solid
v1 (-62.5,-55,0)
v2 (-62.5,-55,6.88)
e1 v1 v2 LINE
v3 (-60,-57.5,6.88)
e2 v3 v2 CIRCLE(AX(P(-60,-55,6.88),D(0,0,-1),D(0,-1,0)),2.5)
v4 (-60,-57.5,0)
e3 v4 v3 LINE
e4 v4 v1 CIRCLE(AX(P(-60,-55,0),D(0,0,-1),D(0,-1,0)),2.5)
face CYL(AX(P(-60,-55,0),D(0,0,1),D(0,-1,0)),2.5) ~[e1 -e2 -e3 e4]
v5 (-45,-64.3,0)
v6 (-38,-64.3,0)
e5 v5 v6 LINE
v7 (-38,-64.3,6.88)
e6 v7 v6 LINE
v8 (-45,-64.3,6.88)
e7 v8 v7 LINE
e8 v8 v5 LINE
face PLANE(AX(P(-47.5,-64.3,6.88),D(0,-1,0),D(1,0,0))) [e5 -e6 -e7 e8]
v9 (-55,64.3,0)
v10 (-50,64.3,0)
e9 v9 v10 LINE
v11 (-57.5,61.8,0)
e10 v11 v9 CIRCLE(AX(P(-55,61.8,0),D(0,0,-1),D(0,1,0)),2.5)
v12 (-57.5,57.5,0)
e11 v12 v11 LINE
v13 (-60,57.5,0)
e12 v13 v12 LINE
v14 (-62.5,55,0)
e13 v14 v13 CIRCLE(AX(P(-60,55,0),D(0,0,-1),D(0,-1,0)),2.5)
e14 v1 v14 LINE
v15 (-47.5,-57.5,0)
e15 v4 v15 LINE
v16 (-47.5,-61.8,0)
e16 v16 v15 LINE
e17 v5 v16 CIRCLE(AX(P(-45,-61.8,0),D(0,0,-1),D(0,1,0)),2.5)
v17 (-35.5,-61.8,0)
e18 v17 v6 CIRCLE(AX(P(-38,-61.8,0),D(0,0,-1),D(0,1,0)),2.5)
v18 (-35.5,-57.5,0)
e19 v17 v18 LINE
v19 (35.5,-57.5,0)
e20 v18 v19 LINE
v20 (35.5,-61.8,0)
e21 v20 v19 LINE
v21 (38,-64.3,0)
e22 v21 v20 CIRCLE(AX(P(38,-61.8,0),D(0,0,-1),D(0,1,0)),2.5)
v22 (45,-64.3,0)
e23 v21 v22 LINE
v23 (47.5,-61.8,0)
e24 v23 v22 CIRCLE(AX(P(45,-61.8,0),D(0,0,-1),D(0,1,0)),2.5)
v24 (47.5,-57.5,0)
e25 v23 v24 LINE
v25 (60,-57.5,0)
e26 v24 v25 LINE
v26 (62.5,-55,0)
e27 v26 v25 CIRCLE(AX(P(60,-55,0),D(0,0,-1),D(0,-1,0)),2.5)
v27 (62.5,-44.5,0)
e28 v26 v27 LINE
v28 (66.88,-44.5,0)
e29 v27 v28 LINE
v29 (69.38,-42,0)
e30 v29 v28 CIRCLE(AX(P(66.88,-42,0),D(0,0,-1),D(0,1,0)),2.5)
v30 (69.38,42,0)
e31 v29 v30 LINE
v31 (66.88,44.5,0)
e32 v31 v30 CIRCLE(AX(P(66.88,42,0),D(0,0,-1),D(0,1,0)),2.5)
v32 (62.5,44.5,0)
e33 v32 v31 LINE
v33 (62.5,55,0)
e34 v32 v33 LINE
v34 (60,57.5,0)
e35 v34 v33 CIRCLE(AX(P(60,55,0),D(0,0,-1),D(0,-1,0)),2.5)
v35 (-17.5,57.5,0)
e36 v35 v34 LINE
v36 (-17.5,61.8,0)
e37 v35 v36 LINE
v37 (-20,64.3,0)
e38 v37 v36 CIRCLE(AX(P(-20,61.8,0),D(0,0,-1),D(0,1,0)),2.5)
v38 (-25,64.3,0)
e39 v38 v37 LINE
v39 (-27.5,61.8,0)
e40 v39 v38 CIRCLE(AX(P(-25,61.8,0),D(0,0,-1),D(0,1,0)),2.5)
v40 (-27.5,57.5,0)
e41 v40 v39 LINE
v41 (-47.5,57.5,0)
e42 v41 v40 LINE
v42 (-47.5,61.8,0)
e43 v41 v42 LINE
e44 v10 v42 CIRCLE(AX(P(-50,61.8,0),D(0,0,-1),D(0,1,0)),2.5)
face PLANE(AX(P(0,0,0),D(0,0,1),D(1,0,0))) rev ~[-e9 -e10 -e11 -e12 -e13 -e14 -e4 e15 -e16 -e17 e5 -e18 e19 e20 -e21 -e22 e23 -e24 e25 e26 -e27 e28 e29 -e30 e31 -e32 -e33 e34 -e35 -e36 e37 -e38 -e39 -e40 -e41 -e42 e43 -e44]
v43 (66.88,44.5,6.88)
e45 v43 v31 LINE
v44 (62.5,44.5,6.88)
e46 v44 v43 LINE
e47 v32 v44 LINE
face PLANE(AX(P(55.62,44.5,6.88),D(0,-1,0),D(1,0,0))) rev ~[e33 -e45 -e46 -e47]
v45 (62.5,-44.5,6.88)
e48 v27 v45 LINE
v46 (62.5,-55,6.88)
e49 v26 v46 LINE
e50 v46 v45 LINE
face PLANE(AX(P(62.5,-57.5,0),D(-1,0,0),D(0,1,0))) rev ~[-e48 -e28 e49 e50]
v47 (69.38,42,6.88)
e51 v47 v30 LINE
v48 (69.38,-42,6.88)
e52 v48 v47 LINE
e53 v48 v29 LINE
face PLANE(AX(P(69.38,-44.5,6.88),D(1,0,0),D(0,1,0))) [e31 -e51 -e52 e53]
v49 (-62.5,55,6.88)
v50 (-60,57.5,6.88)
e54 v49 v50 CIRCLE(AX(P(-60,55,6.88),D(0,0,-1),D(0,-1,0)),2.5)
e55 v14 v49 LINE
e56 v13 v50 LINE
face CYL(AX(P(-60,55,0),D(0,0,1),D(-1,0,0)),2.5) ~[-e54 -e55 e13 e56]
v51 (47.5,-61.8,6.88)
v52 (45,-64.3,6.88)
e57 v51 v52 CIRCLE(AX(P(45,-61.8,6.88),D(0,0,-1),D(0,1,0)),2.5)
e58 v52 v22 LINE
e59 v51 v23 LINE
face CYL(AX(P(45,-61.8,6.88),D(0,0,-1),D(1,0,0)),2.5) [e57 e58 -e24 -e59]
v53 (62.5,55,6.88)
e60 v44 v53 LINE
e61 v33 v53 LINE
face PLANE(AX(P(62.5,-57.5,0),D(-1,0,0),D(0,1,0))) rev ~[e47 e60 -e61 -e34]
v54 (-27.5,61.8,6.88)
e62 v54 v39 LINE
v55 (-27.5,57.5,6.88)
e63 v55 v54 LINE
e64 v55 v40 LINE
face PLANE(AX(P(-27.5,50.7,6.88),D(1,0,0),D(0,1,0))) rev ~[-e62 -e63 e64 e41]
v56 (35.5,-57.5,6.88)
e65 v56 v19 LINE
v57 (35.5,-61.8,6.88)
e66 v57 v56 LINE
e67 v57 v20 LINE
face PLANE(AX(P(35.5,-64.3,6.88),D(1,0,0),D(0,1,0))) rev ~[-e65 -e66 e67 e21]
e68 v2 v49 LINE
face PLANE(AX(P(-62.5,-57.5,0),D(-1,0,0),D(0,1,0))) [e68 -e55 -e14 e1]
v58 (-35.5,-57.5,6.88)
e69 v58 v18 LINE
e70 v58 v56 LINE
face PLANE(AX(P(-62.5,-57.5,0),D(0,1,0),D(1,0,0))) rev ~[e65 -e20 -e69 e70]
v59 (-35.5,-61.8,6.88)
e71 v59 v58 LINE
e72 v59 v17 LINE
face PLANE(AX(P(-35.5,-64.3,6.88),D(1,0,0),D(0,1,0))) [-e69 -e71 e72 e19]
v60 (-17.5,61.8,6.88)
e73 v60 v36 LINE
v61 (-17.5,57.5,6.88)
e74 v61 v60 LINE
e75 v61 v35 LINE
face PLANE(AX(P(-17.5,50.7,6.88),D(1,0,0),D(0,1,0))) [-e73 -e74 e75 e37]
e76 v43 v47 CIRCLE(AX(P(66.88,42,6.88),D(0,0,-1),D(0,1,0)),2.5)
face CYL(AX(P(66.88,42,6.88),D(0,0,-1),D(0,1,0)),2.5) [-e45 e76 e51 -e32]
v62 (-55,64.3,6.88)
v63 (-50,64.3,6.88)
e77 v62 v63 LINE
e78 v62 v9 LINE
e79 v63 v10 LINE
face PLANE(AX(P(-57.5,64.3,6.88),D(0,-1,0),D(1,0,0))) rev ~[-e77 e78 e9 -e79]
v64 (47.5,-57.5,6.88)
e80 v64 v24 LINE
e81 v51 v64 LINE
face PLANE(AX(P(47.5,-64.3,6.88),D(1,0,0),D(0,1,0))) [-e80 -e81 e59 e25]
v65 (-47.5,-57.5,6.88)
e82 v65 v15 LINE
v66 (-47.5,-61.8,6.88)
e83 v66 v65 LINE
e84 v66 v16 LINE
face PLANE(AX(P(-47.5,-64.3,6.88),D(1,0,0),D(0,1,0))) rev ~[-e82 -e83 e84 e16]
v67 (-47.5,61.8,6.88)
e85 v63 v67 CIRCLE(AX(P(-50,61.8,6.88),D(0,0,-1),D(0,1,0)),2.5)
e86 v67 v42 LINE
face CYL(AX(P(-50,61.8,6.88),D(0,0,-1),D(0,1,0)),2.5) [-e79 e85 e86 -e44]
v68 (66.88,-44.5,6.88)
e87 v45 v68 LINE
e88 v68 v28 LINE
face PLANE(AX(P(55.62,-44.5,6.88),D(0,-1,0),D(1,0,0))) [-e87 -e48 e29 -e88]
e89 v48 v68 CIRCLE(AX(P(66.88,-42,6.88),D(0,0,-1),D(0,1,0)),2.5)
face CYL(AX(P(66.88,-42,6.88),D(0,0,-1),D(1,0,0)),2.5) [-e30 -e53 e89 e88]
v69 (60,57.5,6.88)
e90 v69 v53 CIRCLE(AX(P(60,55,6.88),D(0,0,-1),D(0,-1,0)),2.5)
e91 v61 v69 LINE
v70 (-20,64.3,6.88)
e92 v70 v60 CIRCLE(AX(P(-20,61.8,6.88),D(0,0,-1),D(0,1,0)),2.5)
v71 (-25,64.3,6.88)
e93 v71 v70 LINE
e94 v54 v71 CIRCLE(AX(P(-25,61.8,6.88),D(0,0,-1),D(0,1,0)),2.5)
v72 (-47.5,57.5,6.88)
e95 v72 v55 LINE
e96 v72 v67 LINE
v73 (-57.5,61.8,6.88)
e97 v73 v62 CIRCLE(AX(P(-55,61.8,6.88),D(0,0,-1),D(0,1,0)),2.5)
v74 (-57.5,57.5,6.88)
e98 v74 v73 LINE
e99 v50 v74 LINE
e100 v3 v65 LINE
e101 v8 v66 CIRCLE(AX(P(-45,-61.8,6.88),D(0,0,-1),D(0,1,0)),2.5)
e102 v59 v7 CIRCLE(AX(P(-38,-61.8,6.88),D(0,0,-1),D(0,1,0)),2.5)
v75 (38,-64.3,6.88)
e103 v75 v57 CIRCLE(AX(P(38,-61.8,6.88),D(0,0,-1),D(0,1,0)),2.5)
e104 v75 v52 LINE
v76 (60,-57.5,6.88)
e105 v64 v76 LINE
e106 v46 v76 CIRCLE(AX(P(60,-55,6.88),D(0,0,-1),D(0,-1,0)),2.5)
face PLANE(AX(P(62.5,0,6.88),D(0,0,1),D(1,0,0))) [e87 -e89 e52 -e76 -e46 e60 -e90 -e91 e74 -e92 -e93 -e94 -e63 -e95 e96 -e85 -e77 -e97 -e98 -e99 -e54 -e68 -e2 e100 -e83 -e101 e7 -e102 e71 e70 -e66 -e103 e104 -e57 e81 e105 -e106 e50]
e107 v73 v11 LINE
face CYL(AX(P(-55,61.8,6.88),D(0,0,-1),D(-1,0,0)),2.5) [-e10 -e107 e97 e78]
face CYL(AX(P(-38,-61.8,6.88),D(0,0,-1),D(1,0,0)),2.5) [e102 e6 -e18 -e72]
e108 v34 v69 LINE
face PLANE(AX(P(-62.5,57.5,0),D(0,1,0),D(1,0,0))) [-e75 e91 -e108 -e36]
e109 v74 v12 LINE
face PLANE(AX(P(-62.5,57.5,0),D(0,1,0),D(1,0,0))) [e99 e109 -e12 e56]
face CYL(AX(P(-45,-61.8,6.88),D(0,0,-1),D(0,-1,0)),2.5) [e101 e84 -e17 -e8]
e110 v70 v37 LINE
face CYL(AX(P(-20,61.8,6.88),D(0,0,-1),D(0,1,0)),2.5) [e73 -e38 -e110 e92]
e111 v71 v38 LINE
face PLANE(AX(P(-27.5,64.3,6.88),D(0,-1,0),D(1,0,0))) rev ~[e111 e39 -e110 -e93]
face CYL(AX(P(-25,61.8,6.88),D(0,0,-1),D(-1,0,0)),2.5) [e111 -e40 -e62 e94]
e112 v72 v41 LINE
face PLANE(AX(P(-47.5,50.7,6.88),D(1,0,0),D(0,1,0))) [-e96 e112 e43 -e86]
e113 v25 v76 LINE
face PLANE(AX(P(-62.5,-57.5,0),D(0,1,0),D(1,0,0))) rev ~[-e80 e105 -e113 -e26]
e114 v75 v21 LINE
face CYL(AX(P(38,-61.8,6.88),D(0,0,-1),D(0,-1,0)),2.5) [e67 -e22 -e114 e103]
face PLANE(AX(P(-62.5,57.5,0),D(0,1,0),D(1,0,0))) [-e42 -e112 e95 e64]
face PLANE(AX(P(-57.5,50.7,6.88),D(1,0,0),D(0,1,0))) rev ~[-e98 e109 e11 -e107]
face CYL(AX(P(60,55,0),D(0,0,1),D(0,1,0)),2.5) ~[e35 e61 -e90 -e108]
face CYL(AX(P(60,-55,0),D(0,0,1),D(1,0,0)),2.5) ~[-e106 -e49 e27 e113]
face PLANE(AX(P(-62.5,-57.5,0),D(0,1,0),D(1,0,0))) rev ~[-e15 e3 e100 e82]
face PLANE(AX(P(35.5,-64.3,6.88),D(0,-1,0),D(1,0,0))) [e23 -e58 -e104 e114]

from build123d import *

# Parameters (mm, degrees)
SKETCH1_W           = 125
SKETCH1_H           = 115
BOSS_EXTRUDE1_DEPTH = 6.88
SKETCH2_W           = 10
SKETCH2_H           = 13.6
SKETCH2_W_2         = 12
BOSS_EXTRUDE2_DEPTH = 6.88
SKETCH3_W           = 13.76
SKETCH3_H           = 89
BOSS_EXTRUDE3_DEPTH = 6.88
FILLET1_R           = 2.5


with BuildPart() as part:
    # Sketch1 → Boss-Extrude1 (new body)
    with BuildSketch(Plane.XY):
        Rectangle(SKETCH1_W, SKETCH1_H)
    extrude(amount=BOSS_EXTRUDE1_DEPTH)

    # Sketch2 → Boss-Extrude2 (add)
    with BuildSketch(Plane.XY.offset(6.88)):
        with Locations((-52.5, 57.5)):
            Rectangle(SKETCH2_W, SKETCH2_H)
        with Locations((-22.5, 57.5)):
            Rectangle(SKETCH2_W, SKETCH2_H)
        with Locations((-41.5, -57.5)):
            Rectangle(SKETCH2_W_2, SKETCH2_H)
        with Locations((41.5, -57.5)):
            Rectangle(SKETCH2_W_2, SKETCH2_H)
    extrude(amount=-BOSS_EXTRUDE2_DEPTH)

    # Sketch3 → Boss-Extrude3 (add)
    with BuildSketch(Plane.XY.offset(6.88)):
        with Locations((62.5, 0)):
            Rectangle(SKETCH3_W, SKETCH3_H)
    extrude(amount=-BOSS_EXTRUDE3_DEPTH)

    # Fillet1
    fillet1_edges = [part.edges().sort_by_distance(p)[0] for p in [
        (69.38, -44.5, 3.44),
        (69.38, 44.5, 3.44),
        (-47.5, 64.3, 3.44),
        (-57.5, 64.3, 3.44),
        (-17.5, 64.3, 3.44),
        (-27.5, 64.3, 3.44),
        (-47.5, -64.3, 3.44),
        (-35.5, -64.3, 3.44),
        (-62.5, 57.5, 3.44),
        (62.5, 57.5, 3.44),
        (35.5, -64.3, 3.44),
        (62.5, -57.5, 3.44),
        (-62.5, -57.5, 3.44),
        (47.5, -64.3, 3.44),
    ]]
    fillet(fillet1_edges, radius=FILLET1_R)


solid = part.part
